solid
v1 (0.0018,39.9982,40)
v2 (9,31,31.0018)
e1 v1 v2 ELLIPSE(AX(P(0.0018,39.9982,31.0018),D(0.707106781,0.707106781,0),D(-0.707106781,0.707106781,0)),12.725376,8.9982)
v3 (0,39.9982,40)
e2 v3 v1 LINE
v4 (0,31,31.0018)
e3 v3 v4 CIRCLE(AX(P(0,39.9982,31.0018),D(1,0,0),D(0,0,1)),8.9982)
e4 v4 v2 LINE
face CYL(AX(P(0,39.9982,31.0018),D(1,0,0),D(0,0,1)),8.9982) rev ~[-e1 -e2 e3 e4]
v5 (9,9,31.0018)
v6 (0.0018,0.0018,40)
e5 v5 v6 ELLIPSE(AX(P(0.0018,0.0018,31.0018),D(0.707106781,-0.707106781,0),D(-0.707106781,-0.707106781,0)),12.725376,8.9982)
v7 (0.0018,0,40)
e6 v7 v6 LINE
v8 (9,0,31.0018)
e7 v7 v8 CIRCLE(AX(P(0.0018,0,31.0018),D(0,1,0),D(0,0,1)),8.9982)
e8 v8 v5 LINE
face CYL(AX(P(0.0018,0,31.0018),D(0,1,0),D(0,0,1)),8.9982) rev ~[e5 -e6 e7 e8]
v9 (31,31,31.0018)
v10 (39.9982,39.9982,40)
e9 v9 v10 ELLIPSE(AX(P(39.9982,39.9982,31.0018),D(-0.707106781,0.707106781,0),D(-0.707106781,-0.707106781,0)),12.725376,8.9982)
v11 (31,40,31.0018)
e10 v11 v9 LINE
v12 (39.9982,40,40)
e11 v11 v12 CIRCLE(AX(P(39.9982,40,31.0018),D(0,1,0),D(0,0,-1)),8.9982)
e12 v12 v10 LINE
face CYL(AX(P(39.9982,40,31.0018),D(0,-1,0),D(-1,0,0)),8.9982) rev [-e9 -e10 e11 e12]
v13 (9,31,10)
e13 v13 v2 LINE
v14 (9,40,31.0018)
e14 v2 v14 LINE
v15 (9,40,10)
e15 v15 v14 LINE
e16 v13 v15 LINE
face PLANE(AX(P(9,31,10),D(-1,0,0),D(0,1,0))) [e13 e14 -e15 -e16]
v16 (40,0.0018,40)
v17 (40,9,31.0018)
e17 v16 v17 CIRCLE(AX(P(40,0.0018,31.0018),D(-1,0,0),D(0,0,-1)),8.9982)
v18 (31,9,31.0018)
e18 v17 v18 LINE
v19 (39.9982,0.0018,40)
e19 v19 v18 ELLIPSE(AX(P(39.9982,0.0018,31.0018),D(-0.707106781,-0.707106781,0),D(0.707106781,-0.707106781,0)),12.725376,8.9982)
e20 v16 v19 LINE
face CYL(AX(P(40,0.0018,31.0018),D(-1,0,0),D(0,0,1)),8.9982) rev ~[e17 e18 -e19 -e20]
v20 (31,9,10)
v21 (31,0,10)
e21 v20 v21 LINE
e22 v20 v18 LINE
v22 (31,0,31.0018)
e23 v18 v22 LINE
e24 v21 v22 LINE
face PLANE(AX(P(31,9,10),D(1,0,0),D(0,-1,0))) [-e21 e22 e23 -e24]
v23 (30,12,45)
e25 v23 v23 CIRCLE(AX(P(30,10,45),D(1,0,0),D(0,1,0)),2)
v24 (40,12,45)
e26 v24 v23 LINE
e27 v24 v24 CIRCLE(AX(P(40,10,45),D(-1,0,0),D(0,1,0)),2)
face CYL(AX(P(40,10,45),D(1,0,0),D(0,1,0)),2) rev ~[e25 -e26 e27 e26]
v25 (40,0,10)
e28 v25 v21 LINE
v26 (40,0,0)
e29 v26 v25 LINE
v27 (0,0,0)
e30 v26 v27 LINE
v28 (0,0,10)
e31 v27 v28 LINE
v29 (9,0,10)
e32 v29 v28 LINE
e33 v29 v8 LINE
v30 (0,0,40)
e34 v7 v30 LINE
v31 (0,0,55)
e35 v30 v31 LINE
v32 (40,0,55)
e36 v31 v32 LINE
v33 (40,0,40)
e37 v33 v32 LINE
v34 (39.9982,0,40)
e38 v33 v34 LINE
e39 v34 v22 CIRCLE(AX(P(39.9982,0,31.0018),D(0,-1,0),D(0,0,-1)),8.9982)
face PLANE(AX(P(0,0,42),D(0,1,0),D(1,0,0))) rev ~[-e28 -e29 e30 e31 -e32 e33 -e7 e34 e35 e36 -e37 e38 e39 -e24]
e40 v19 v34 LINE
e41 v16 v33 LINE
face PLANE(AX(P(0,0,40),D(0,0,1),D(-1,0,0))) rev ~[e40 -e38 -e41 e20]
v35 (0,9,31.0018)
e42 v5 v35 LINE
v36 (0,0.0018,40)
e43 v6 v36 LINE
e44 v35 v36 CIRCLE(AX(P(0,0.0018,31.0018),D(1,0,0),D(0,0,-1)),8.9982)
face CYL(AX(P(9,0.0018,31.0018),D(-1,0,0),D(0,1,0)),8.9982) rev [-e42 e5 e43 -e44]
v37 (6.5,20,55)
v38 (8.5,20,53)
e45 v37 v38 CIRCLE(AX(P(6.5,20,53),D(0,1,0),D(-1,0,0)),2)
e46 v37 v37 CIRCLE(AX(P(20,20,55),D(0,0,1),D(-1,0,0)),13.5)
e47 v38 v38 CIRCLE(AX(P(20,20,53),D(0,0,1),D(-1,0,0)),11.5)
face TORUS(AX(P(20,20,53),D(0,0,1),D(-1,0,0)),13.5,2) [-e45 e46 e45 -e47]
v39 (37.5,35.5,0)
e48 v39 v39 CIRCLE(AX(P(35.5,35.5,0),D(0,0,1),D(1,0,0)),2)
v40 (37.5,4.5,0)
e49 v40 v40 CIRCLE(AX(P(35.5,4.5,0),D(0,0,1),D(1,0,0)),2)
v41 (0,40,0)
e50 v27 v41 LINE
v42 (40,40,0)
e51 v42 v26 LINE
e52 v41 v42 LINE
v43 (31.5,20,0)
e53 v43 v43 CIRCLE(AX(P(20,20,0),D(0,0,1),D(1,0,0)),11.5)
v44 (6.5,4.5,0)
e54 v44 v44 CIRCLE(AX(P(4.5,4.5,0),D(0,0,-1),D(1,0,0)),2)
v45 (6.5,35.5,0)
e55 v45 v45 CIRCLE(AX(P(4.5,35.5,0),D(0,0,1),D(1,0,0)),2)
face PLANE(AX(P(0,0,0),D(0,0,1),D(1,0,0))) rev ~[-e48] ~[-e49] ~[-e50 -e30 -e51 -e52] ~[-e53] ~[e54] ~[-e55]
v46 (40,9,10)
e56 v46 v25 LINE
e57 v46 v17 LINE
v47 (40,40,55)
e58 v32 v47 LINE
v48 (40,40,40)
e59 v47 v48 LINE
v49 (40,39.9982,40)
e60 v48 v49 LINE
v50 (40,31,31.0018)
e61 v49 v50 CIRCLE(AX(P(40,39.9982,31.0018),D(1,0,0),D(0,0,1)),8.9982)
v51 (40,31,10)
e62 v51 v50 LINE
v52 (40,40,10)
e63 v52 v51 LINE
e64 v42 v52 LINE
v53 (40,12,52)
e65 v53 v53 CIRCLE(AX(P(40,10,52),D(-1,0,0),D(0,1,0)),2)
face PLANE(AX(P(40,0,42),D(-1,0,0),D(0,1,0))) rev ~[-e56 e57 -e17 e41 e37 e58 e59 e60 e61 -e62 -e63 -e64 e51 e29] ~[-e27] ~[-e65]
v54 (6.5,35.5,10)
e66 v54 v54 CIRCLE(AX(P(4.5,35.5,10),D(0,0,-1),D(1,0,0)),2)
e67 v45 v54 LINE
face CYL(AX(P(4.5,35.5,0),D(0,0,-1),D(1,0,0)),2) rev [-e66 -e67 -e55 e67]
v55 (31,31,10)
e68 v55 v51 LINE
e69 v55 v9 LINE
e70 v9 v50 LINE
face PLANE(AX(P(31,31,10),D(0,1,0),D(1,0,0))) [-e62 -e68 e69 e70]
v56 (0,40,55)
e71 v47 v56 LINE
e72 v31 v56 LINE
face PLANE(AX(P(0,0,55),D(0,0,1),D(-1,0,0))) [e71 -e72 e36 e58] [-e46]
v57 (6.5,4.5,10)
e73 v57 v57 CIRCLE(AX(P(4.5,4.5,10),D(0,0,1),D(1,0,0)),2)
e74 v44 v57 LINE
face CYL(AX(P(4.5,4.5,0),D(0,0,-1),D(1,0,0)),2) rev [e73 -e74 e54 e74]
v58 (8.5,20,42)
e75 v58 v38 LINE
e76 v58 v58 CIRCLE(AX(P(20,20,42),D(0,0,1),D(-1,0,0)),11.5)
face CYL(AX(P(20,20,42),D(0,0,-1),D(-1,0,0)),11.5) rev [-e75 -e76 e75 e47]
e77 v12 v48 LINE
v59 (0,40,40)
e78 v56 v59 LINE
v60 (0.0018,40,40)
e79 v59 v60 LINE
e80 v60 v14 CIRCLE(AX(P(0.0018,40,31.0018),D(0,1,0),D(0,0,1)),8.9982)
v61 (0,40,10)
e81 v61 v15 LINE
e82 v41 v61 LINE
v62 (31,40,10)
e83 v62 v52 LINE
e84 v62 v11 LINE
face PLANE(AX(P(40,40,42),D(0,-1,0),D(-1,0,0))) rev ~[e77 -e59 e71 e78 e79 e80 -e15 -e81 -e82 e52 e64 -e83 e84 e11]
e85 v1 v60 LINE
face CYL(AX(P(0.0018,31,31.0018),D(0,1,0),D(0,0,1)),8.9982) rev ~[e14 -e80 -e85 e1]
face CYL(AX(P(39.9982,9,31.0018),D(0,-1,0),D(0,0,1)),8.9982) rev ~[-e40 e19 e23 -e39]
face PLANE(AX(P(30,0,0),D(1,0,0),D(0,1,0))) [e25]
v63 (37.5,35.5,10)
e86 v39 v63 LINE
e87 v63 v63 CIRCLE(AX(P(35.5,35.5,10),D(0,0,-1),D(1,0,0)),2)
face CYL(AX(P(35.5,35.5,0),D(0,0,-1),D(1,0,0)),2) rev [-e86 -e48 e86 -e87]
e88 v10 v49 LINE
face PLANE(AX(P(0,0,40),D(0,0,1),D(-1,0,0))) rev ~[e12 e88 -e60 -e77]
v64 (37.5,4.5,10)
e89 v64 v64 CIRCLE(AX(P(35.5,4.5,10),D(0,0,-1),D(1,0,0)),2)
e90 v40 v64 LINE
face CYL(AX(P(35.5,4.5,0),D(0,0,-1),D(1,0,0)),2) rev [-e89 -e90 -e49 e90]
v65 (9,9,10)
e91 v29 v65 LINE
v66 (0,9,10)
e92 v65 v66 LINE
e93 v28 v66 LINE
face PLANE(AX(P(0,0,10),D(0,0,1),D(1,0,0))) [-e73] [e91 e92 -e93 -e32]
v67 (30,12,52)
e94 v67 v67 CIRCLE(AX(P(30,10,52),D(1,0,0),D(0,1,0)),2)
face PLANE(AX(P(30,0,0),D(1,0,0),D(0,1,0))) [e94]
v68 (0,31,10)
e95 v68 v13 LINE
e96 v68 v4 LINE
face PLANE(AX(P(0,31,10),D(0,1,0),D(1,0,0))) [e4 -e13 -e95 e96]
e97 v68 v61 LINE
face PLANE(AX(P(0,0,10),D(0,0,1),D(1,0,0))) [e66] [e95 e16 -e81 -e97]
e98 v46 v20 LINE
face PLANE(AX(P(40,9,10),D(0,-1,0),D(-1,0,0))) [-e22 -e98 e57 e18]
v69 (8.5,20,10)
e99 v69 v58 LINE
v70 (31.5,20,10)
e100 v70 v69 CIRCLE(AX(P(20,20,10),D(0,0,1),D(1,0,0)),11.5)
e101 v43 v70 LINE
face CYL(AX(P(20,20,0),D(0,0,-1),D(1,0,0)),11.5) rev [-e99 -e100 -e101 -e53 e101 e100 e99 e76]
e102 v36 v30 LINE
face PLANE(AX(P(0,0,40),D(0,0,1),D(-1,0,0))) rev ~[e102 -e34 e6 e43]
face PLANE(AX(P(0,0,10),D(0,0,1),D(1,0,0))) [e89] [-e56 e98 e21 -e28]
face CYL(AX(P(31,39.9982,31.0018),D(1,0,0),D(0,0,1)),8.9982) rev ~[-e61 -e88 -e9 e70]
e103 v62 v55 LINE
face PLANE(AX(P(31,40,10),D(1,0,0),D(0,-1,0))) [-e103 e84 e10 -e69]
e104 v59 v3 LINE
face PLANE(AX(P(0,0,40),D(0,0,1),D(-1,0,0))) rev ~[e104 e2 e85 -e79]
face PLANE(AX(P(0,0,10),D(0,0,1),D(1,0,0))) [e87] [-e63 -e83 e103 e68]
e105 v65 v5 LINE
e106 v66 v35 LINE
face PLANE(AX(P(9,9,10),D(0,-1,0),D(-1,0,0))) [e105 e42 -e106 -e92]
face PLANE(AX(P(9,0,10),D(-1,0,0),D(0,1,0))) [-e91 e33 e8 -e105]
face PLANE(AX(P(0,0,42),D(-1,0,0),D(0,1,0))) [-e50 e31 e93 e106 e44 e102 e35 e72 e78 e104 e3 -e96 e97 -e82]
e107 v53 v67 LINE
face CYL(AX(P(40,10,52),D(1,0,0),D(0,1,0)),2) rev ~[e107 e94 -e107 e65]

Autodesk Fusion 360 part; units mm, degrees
sketch "Skizze1" plane through (0, 0, 0) normal (0, 0, 1) x (1, 0, 0)
  line L0 (4.5, 4.5) -> (35.5, 4.5)
  line L1 (35.5, 4.5) -> (35.5, 35.5)
  line L2 (35.5, 35.5) -> (4.5, 35.5)
  line L3 (4.5, 35.5) -> (4.5, 4.5)
  line L4 (4.5, 4.5) -> (35.5, 35.5) construction
  line L5 (35.5, 4.5) -> (4.5, 35.5) construction
  circle A0 centre (20, 20) radius 11.5
  circle A1 centre (4.5, 35.5) radius 2
  circle A2 centre (35.5, 35.5) radius 2
  circle A3 centre (4.5, 4.5) radius 2
  circle A4 centre (35.5, 4.5) radius 2
  line L6 (0, 40) -> (40, 40)
  line L7 (40, 40) -> (40, 0)
  line L8 (40, 0) -> (0, 0)
  line L9 (0, 0) -> (0, 40)
  line L10 (0, 40) -> (40, 0) construction
  line L11 (40, 40) -> (0, 0) construction
  point P0 (20, 20)
  point P1 (20, 20)
  dimension "d1" = 31
  dimension "d2" = 31
  dimension "d3" = 23
  dimension "d4" = 4
  dimension "d5" = 4
  dimension "d6" = 4
  dimension "d7" = 4
  dimension "d8" = 40
  dimension "d9" = 40
extrude "Extrusion1" add sketch "Skizze1" along normal blind 10 contours L0 L1 L2 L3 A1 A2 A3 A4 | L6 L7 L8 L9
sketch "Skizze2" plane through (0, 0, 10) normal (0, 0, 1) x (-1, 0, 0)
  circle A0 centre (-4.5, -4.5) radius 2
  circle A1 centre (-35.5, -35.5) radius 2
  circle A2 centre (-35.5, -4.5) radius 2
  circle A3 centre (-20, -20) radius 11.5
  circle A4 centre (-4.5, -35.5) radius 2
  line L0 (0, 0) -> (-40, 0)
  line L1 (-40, 0) -> (-40, -40)
  line L2 (-40, -40) -> (0, -40)
  line L3 (0, -40) -> (0, 0)
  line L4 (0, -31) -> (-40, -31)
  line L5 (-40, -31) -> (-40, -9)
  line L6 (-40, -9) -> (0, -9)
  line L7 (0, -9) -> (0, -31)
  line L8 (0, -31) -> (-40, -9) construction
  line L9 (-40, -31) -> (0, -9) construction
  line L10 (-9, -40) -> (-31, -40)
  line L11 (-31, -40) -> (-31, 0)
  line L12 (-31, 0) -> (-9, 0)
  line L13 (-9, 0) -> (-9, -40)
  line L14 (-9, -40) -> (-31, 0) construction
  line L15 (-31, -40) -> (-9, 0) construction
  point P0 (-20, -20)
  point P1 (-20, -20)
extrude "Extrusion2" add sketch "Skizze2" along normal blind 30 contours A3 L3 L4 L6 L7 L13 | A3 L6 L13 | A3 L4 L13 | A3 L0 L6 L11 L12 L13 | A3 L2 L4 L10 L11 L13 | A3 L6 L11 | A3 L4 L11 | A3 L1 L4 L5 L6 L11
sketch "Skizze3" plane through (0, 0, 40) normal (0, 0, 1) x (-1, 0, 0)
  circle A0 centre (-20, -20) radius 11.5
  line L0 (-9, 0) -> (-31, 0)
  line L1 (-31, 0) -> (-31, -9)
  line L2 (-31, -9) -> (-40, -9)
  line L3 (-40, -9) -> (-40, -31)
  line L4 (-40, -31) -> (-31, -31)
  line L5 (-31, -31) -> (-31, -40)
  line L6 (-31, -40) -> (-9, -40)
  line L7 (-9, -40) -> (-9, -31)
  line L8 (-9, -31) -> (0, -31)
  line L9 (0, -31) -> (0, -9)
  line L10 (0, -9) -> (-9, -9)
  line L11 (-9, -9) -> (-9, 0)
  line L12 (0, -40) -> (-40, -40)
  line L13 (-40, -40) -> (-40, 0)
  line L14 (-40, 0) -> (0, 0)
  line L15 (0, 0) -> (0, -40)
  line L16 (0, -40) -> (-40, 0) construction
  line L17 (-40, -40) -> (0, 0) construction
  point P0 (-20, -20)
extrude "Extrusion3" add sketch "Skizze3" along normal blind 2
extrude "Extrusion4" add 1 faces at (19.7135, 37.1559, 42) along direction (0, 0, 1) blind 13
sketch "Skizze4" plane through (40, 0, 0) normal (1, 0, 0) x (0, 1, 0)
  line L0 (0, 0) -> (40, 0)
  line L1 (40, 0) -> (40, 10)
  line L2 (40, 10) -> (31, 10)
  line L3 (31, 10) -> (31, 40)
  line L4 (31, 40) -> (40, 40)
  line L5 (40, 40) -> (40, 55)
  line L6 (40, 55) -> (0, 55)
  line L7 (0, 55) -> (0, 40)
  line L8 (0, 40) -> (9, 40)
  line L9 (9, 40) -> (9, 10)
  line L10 (9, 10) -> (0, 10)
  line L11 (0, 10) -> (0, 0)
  circle A0 centre (10, 52) radius 2
  circle A1 centre (10, 45) radius 2
  line L12 (10, 52) -> (10, 45)
  dimension "d18" = 4
  dimension "d19" = 4
  dimension "d26" = 7
extrude "Extrusion5" cut sketch "Skizze4" against normal blind 10 contours A0 | A1
fillet "Abrundung1" radius 9 8 edges at (31, 35.5, 40) (35.5, 31, 40) (31, 4.5, 40) (35.5, 9, 40) (4.5, 9, 40) (9, 4.5, 40) (9, 35.5, 40) (4.5, 31, 40)
fillet "Abrundung2" radius 2 1 edges at (30.7218, 15.8414, 55)
